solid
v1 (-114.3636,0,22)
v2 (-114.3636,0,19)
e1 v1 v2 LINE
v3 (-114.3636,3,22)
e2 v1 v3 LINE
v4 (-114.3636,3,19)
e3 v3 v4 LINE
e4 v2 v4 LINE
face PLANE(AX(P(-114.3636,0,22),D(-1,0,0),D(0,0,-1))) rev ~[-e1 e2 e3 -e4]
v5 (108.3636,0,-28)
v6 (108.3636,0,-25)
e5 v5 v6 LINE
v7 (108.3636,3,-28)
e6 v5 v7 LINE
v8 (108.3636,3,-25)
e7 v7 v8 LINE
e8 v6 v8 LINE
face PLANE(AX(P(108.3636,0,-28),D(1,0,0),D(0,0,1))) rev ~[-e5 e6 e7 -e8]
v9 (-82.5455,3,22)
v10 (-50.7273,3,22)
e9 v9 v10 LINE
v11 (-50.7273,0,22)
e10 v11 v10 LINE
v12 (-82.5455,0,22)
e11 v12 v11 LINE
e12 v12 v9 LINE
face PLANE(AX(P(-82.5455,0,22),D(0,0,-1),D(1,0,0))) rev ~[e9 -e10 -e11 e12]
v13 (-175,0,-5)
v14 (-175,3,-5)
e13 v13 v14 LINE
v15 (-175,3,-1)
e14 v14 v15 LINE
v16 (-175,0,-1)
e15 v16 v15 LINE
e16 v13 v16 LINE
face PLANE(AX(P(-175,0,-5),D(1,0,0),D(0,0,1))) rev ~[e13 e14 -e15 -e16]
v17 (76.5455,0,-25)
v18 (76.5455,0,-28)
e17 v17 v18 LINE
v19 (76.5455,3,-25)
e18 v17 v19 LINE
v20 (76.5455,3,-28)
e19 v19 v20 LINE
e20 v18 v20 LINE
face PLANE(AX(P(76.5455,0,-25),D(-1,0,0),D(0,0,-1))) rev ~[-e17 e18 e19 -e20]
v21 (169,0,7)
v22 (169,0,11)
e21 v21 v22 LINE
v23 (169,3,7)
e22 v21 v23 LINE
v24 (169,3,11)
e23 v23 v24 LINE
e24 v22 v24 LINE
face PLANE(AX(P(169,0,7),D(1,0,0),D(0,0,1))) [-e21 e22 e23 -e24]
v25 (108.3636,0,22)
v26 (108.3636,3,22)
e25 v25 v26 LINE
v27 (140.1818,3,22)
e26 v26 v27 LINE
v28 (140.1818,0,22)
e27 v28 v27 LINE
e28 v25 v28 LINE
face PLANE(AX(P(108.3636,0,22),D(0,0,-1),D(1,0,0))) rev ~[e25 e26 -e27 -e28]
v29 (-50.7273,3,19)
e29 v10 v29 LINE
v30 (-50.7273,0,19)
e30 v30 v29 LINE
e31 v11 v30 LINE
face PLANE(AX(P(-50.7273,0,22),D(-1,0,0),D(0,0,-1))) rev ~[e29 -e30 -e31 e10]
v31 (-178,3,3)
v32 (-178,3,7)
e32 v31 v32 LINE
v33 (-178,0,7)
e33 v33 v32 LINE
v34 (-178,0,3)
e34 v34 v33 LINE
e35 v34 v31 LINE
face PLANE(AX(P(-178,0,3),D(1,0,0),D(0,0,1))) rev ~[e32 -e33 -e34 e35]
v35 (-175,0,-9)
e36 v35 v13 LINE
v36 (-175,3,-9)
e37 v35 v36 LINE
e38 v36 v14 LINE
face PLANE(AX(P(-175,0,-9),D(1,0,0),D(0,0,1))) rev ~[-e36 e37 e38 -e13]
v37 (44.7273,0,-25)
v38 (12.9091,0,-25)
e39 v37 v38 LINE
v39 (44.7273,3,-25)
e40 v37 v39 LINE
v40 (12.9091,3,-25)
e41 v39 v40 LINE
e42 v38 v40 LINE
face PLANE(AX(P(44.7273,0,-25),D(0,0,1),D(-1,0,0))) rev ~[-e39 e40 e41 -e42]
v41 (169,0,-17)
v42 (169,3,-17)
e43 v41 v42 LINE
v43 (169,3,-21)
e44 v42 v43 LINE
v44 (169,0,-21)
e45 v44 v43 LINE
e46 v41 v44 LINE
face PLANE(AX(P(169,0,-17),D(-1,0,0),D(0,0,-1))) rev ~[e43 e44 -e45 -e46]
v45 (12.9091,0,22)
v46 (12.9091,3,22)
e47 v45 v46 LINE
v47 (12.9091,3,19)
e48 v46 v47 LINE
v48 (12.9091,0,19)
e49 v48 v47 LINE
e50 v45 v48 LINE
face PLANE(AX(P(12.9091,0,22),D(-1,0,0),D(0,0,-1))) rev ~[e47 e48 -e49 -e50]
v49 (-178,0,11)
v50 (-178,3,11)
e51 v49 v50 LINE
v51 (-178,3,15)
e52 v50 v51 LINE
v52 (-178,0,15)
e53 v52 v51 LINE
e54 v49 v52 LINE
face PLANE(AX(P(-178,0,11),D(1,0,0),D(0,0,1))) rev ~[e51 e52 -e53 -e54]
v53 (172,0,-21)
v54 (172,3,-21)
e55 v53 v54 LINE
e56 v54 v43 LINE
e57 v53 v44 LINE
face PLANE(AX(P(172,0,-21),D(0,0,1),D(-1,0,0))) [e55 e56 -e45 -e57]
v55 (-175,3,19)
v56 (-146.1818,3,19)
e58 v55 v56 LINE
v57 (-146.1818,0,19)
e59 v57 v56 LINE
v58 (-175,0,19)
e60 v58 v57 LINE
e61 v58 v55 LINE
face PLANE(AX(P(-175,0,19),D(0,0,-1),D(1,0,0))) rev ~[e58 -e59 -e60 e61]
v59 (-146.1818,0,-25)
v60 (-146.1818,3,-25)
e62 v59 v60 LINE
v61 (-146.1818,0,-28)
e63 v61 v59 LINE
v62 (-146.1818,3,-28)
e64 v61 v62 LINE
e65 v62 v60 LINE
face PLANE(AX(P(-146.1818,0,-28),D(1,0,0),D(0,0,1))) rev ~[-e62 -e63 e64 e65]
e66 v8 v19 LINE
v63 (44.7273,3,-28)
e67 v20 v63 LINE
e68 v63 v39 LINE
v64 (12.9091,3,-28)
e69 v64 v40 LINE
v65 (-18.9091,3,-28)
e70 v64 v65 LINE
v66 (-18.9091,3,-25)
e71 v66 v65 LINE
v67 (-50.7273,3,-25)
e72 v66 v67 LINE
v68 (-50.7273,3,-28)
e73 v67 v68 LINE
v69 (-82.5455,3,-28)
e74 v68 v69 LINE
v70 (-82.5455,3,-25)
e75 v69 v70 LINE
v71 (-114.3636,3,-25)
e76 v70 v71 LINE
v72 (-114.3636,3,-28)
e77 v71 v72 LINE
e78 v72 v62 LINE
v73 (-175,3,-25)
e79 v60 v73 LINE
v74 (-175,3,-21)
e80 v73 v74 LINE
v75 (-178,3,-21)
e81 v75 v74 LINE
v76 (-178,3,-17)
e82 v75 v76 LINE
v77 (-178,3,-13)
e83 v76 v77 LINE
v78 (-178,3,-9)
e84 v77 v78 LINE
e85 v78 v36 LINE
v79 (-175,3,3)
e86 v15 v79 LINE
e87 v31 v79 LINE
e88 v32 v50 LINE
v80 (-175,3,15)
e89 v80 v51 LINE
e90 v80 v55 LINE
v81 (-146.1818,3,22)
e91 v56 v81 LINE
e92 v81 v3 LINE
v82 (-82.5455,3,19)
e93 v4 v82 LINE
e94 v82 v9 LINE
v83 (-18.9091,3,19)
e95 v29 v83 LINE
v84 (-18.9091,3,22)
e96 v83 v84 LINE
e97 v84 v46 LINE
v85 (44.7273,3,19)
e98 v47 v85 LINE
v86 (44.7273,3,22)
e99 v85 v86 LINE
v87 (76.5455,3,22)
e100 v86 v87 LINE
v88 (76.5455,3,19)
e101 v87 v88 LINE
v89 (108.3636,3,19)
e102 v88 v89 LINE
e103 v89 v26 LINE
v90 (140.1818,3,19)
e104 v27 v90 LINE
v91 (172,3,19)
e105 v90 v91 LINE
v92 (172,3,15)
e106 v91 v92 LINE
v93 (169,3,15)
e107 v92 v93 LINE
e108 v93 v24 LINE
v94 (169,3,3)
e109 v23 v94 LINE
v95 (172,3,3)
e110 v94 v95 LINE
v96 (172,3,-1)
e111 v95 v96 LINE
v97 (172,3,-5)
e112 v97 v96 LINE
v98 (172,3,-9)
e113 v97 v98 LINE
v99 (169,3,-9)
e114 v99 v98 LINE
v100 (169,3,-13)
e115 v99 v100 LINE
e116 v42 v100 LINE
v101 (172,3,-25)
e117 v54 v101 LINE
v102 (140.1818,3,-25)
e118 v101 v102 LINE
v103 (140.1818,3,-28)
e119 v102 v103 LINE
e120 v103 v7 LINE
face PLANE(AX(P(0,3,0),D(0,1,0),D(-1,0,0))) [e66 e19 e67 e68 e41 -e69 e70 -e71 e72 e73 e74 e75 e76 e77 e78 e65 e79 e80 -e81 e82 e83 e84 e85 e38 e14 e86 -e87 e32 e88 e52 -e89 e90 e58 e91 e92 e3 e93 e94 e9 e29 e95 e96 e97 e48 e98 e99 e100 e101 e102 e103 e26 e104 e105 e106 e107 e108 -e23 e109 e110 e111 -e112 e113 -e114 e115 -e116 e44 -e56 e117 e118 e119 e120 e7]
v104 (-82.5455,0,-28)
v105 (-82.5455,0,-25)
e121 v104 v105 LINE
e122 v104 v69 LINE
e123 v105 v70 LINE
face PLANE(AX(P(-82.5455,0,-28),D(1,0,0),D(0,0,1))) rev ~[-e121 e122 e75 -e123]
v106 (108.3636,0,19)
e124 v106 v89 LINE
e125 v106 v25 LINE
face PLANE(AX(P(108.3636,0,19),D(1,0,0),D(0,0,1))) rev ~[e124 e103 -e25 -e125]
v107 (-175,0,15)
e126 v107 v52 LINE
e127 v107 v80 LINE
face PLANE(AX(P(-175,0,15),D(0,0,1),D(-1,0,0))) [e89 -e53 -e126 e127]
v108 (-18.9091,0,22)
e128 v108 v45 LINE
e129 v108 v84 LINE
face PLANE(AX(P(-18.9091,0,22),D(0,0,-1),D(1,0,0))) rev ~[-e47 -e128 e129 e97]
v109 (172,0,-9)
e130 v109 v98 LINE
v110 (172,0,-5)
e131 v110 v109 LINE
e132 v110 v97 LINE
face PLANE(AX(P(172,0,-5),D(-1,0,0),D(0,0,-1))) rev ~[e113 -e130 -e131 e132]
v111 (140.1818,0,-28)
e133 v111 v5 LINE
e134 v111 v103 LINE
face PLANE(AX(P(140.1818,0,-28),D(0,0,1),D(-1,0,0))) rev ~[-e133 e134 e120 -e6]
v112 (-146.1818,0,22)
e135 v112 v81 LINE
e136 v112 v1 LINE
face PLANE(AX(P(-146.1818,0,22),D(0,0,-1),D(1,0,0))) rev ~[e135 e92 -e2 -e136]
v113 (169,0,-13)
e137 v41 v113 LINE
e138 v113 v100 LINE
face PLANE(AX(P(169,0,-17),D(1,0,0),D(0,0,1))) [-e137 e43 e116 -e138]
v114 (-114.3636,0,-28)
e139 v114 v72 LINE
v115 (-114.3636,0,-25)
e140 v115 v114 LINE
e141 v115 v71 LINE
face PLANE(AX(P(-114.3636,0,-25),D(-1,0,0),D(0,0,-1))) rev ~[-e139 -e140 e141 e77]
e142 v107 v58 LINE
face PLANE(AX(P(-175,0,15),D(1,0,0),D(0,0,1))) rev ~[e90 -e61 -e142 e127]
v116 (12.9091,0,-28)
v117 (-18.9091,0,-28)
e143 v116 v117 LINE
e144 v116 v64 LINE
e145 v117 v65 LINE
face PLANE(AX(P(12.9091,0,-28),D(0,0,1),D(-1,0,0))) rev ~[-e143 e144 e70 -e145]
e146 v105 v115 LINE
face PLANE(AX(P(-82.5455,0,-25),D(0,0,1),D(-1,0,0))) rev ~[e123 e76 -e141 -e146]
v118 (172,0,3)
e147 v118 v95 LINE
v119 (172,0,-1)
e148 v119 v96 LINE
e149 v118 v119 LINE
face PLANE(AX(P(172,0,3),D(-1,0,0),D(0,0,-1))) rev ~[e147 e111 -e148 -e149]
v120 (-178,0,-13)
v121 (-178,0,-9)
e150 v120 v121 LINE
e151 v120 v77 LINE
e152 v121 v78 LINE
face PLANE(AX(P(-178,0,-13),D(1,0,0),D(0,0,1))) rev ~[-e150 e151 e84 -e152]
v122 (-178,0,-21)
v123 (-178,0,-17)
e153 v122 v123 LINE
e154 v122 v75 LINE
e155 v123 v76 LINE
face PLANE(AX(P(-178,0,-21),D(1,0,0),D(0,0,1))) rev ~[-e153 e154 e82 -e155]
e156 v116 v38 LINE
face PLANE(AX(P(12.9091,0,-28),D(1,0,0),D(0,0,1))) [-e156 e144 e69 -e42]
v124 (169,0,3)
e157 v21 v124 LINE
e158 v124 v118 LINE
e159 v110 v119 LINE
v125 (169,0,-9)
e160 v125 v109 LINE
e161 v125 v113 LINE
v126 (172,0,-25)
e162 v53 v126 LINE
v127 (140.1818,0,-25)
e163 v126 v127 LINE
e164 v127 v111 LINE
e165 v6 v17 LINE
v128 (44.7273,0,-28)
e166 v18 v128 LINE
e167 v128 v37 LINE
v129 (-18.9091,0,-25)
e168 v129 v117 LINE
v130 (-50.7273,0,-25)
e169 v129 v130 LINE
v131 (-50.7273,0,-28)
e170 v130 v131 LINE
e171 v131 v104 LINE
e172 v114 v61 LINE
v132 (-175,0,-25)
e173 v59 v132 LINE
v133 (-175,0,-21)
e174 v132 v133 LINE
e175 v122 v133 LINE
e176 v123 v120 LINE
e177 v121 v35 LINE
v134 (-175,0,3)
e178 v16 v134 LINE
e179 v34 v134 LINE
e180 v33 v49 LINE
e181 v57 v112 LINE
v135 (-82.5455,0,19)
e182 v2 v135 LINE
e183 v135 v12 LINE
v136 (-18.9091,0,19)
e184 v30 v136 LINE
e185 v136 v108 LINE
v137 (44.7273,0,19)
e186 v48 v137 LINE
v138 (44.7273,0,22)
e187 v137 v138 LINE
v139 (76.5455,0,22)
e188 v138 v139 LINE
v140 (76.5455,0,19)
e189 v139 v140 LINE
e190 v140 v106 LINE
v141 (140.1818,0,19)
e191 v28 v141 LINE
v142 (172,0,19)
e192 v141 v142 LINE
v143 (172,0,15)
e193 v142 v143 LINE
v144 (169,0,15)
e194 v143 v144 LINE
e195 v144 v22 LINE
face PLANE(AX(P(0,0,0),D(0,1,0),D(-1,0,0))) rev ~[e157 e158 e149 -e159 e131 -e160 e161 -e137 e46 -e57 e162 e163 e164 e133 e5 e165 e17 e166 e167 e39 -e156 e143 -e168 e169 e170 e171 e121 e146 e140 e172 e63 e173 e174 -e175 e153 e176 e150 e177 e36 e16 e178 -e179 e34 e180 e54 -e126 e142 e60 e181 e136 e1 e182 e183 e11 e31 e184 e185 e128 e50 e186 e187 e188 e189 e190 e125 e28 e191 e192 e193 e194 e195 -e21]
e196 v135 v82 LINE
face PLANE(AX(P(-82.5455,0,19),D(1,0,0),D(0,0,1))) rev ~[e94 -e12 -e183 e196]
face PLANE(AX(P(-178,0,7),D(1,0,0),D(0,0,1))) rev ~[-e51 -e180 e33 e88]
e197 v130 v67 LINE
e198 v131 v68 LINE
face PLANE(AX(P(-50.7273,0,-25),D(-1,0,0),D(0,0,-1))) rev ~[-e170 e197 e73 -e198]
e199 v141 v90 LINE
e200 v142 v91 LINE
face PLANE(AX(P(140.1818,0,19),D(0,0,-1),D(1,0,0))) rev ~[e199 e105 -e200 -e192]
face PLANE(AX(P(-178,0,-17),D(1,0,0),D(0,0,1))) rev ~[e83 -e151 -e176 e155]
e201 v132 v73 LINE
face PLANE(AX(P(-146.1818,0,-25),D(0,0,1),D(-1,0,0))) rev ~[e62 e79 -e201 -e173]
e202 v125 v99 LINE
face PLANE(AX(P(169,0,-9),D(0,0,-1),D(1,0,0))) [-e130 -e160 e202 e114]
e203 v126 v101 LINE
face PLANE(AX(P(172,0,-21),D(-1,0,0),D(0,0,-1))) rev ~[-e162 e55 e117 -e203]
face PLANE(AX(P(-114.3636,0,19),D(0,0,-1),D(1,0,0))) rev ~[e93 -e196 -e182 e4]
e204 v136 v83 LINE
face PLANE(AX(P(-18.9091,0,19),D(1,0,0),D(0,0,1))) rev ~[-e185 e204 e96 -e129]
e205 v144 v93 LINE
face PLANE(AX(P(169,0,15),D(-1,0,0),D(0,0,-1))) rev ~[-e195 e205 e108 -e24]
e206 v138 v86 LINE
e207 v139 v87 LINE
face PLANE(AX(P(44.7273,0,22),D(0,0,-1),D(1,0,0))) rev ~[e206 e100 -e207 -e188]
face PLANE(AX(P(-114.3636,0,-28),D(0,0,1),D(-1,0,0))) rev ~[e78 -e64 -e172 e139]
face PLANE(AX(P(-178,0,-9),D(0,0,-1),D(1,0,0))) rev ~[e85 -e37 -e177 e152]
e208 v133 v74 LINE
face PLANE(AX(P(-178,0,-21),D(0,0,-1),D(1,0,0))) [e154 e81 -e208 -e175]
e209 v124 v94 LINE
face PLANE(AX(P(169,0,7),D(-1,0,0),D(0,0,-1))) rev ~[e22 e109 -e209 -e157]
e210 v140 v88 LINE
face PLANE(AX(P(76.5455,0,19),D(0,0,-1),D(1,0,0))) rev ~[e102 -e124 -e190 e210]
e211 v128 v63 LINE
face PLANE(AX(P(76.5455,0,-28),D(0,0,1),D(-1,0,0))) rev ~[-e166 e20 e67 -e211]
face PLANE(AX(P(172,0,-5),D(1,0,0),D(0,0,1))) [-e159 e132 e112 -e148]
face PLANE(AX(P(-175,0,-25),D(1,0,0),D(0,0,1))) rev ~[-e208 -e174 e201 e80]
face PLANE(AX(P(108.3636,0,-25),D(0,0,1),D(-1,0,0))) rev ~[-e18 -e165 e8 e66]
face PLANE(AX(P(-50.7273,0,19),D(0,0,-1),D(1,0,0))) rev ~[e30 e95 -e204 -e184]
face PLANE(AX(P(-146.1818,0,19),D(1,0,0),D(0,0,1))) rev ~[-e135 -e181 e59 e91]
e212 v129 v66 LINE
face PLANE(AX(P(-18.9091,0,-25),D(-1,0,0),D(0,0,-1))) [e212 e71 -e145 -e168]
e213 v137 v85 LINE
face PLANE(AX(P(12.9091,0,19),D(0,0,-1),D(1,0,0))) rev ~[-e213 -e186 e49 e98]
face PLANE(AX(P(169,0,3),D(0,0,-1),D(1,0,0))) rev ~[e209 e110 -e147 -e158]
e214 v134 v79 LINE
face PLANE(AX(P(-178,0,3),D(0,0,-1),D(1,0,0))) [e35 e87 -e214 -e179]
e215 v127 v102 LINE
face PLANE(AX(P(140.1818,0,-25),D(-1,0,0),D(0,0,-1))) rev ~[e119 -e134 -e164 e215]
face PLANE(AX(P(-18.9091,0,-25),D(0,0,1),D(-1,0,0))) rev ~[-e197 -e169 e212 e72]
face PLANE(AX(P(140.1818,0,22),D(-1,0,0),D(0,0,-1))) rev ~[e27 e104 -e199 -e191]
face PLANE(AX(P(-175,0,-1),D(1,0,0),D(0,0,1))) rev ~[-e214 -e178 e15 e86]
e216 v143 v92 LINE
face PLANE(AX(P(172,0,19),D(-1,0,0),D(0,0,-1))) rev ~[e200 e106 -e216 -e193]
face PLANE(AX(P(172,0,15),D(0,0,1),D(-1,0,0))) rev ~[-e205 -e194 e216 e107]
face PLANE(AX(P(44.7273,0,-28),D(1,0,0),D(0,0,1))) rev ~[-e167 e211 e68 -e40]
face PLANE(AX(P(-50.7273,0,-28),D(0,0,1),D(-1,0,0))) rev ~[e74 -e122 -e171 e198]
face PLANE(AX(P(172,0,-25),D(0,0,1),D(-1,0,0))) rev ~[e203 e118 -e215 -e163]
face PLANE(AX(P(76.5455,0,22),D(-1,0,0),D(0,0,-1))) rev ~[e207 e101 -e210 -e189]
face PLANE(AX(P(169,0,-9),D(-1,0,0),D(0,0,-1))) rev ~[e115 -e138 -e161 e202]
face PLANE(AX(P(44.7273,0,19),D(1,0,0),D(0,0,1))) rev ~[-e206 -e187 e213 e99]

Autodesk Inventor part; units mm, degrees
ref_plane "YZ Plane" through (0, 0, 0) normal (1, 0, 0) x (0, 1, 0)
ref_plane "XZ Plane" through (0, 0, 0) normal (0, 1, 0) x (-1, 0, 0)
ref_plane "XY Plane" through (0, 0, 0) normal (0, 0, 1) x (1, 0, 0)
sketch "Sketch1" plane through (0, 0, 0) normal (0, 1, 0) x (-1, 0, 0)
  line L0 (146.1818, 19) -> (146.1818, 22)
  line L1 (114.3636, 22) -> (114.3636, 19)
  line L2 (82.5455, 19) -> (82.5455, 22)
  line L3 (50.7273, 22) -> (50.7273, 19)
  line L4 (18.9091, 19) -> (18.9091, 22)
  line L5 (-12.9091, 22) -> (-12.9091, 19)
  line L6 (-44.7273, 19) -> (-44.7273, 22)
  line L7 (-76.5455, 22) -> (-76.5455, 19)
  line L8 (-108.3636, 19) -> (-108.3636, 22)
  line L9 (-140.1818, 22) -> (-140.1818, 19)
  line L10 (-172, 15) -> (-169, 15)
  line L11 (-169, 3) -> (-172, 3)
  line L12 (-169, -9) -> (-172, -9)
  line L13 (-172, -21) -> (-169, -21)
  line L14 (-140.1818, -25) -> (-140.1818, -28)
  line L15 (-108.3636, -28) -> (-108.3636, -25)
  line L16 (-76.5455, -25) -> (-76.5455, -28)
  line L17 (-44.7273, -28) -> (-44.7273, -25)
  line L18 (-12.9091, -28) -> (-12.9091, -25)
  line L19 (18.9091, -25) -> (18.9091, -28)
  line L20 (146.1818, -28) -> (146.1818, -25)
  line L21 (114.3636, -25) -> (114.3636, -28)
  line L22 (82.5455, -28) -> (82.5455, -25)
  line L23 (50.7273, -25) -> (50.7273, -28)
  line L24 (178, -21) -> (175, -21)
  line L25 (175, 15) -> (178, 15)
  line L26 (178, 3) -> (175, 3)
  line L27 (114.3636, -28) -> (146.1818, -28)
  line L28 (50.7273, -28) -> (82.5455, -28)
  line L29 (-12.9091, -28) -> (18.9091, -28)
  line L30 (178, -21) -> (178, -17)
  line L31 (178, 3) -> (178, 7)
  line L32 (178, 11) -> (178, 15)
  line L33 (146.1818, 22) -> (114.3636, 22)
  line L34 (82.5455, 22) -> (50.7273, 22)
  line L35 (18.9091, 22) -> (-12.9091, 22)
  line L36 (-44.7273, 22) -> (-76.5455, 22)
  line L37 (-108.3636, 22) -> (-140.1818, 22)
  line L38 (-169, 15) -> (-169, 11)
  line L39 (-169, 7) -> (-169, 3)
  line L40 (-172, 3) -> (-172, -1)
  line L41 (-172, 19) -> (-172, 15)
  line L42 (-140.1818, -28) -> (-108.3636, -28)
  line L43 (-76.5455, -28) -> (-44.7273, -28)
  line L44 (-169, -9) -> (-169, -13)
  line L45 (-169, -17) -> (-169, -21)
  line L46 (-172, -5) -> (-172, -9)
  line L47 (-172, -21) -> (-172, -25)
  line L48 (-172, -25) -> (-140.1818, -25)
  line L49 (-108.3636, -25) -> (-76.5455, -25)
  line L50 (-44.7273, -25) -> (-12.9091, -25)
  line L51 (18.9091, -25) -> (50.7273, -25)
  line L52 (82.5455, -25) -> (114.3636, -25)
  line L53 (146.1818, -25) -> (175, -25)
  line L54 (175, -25) -> (175, -21)
  line L55 (175, -1) -> (175, 3)
  line L56 (175, 15) -> (175, 19)
  line L57 (175, 19) -> (146.1818, 19)
  line L58 (114.3636, 19) -> (82.5455, 19)
  line L59 (50.7273, 19) -> (18.9091, 19)
  line L60 (-12.9091, 19) -> (-44.7273, 19)
  line L61 (-76.5455, 19) -> (-108.3636, 19)
  line L62 (-140.1818, 19) -> (-172, 19)
  line L63 (178, -13) -> (178, -9)
  line L64 (178, -9) -> (175, -9)
  line L65 (175, -9) -> (175, -5)
  line L66 (-169, -17) -> (-169, -13)
  line L67 (-172, -5) -> (-172, -1)
  line L68 (-169, 7) -> (-169, 11)
  line L69 (178, -17) -> (178, -13)
  line L70 (175, -5) -> (175, -1)
  line L71 (178, 7) -> (178, 11)
  point P0 (0, 0)
  point P1 (-219, 16.6364)
  point P2 (-222, -22.6364)
  point P3 (228, -22.6364)
  dimension "d1" = 347
  dimension "d3" = 44
  dimension "d5" = 25
  dimension "d6" = 175
  dimension "d9" = 3
  dimension "d15" = 3
  dimension "d16" = 3
  dimension "d17" = 3
  dimension "d18" = 12
  dimension "d19" = 12
  dimension "d20" = 12
  dimension "d21" = 4
  dimension "d23" = 31.8182
extrude "Extrusion1" add sketch "Sketch1" along normal blind 3
equation "\"d1\" = wt - tt"
equation "\"d3\" = -2 * tt + ht"
equation "\"d5\" = 0.5 * ht"
equation "\"d6\" = 0.5 * wt"
equation "\"d9\" = tt"
equation "\"d15\" = tt"
equation "\"d16\" = tt"
equation "\"d17\" = tt"
equation "\"d18\" = 0.272727 * ht - 0.545455 * tt"
equation "\"d19\" = d18"
equation "\"d20\" = d18"
equation "\"d21\" = -0.181818 * tt + 0.0909091 * ht"
equation "\"d23\" = 0.0909091 * wt"
equation "\"d13\" = tt"
equation "\"wt\" = 350"
equation "\"tt\" = 3"
equation "\"tol\" = 0"
equation "\"tiroir\" = 25.4"
equation "\"nHoles\" = 101.6"
equation "\"shelfH\" = 35"
equation "\"d0\" = 0.5 * wt"
equation "\"d2\" = 0.5 * lt"
equation "\"d4\" = tt"
equation "\"ht\" = 50"
equation "\"lt\" = 350"
properties part number "base"
